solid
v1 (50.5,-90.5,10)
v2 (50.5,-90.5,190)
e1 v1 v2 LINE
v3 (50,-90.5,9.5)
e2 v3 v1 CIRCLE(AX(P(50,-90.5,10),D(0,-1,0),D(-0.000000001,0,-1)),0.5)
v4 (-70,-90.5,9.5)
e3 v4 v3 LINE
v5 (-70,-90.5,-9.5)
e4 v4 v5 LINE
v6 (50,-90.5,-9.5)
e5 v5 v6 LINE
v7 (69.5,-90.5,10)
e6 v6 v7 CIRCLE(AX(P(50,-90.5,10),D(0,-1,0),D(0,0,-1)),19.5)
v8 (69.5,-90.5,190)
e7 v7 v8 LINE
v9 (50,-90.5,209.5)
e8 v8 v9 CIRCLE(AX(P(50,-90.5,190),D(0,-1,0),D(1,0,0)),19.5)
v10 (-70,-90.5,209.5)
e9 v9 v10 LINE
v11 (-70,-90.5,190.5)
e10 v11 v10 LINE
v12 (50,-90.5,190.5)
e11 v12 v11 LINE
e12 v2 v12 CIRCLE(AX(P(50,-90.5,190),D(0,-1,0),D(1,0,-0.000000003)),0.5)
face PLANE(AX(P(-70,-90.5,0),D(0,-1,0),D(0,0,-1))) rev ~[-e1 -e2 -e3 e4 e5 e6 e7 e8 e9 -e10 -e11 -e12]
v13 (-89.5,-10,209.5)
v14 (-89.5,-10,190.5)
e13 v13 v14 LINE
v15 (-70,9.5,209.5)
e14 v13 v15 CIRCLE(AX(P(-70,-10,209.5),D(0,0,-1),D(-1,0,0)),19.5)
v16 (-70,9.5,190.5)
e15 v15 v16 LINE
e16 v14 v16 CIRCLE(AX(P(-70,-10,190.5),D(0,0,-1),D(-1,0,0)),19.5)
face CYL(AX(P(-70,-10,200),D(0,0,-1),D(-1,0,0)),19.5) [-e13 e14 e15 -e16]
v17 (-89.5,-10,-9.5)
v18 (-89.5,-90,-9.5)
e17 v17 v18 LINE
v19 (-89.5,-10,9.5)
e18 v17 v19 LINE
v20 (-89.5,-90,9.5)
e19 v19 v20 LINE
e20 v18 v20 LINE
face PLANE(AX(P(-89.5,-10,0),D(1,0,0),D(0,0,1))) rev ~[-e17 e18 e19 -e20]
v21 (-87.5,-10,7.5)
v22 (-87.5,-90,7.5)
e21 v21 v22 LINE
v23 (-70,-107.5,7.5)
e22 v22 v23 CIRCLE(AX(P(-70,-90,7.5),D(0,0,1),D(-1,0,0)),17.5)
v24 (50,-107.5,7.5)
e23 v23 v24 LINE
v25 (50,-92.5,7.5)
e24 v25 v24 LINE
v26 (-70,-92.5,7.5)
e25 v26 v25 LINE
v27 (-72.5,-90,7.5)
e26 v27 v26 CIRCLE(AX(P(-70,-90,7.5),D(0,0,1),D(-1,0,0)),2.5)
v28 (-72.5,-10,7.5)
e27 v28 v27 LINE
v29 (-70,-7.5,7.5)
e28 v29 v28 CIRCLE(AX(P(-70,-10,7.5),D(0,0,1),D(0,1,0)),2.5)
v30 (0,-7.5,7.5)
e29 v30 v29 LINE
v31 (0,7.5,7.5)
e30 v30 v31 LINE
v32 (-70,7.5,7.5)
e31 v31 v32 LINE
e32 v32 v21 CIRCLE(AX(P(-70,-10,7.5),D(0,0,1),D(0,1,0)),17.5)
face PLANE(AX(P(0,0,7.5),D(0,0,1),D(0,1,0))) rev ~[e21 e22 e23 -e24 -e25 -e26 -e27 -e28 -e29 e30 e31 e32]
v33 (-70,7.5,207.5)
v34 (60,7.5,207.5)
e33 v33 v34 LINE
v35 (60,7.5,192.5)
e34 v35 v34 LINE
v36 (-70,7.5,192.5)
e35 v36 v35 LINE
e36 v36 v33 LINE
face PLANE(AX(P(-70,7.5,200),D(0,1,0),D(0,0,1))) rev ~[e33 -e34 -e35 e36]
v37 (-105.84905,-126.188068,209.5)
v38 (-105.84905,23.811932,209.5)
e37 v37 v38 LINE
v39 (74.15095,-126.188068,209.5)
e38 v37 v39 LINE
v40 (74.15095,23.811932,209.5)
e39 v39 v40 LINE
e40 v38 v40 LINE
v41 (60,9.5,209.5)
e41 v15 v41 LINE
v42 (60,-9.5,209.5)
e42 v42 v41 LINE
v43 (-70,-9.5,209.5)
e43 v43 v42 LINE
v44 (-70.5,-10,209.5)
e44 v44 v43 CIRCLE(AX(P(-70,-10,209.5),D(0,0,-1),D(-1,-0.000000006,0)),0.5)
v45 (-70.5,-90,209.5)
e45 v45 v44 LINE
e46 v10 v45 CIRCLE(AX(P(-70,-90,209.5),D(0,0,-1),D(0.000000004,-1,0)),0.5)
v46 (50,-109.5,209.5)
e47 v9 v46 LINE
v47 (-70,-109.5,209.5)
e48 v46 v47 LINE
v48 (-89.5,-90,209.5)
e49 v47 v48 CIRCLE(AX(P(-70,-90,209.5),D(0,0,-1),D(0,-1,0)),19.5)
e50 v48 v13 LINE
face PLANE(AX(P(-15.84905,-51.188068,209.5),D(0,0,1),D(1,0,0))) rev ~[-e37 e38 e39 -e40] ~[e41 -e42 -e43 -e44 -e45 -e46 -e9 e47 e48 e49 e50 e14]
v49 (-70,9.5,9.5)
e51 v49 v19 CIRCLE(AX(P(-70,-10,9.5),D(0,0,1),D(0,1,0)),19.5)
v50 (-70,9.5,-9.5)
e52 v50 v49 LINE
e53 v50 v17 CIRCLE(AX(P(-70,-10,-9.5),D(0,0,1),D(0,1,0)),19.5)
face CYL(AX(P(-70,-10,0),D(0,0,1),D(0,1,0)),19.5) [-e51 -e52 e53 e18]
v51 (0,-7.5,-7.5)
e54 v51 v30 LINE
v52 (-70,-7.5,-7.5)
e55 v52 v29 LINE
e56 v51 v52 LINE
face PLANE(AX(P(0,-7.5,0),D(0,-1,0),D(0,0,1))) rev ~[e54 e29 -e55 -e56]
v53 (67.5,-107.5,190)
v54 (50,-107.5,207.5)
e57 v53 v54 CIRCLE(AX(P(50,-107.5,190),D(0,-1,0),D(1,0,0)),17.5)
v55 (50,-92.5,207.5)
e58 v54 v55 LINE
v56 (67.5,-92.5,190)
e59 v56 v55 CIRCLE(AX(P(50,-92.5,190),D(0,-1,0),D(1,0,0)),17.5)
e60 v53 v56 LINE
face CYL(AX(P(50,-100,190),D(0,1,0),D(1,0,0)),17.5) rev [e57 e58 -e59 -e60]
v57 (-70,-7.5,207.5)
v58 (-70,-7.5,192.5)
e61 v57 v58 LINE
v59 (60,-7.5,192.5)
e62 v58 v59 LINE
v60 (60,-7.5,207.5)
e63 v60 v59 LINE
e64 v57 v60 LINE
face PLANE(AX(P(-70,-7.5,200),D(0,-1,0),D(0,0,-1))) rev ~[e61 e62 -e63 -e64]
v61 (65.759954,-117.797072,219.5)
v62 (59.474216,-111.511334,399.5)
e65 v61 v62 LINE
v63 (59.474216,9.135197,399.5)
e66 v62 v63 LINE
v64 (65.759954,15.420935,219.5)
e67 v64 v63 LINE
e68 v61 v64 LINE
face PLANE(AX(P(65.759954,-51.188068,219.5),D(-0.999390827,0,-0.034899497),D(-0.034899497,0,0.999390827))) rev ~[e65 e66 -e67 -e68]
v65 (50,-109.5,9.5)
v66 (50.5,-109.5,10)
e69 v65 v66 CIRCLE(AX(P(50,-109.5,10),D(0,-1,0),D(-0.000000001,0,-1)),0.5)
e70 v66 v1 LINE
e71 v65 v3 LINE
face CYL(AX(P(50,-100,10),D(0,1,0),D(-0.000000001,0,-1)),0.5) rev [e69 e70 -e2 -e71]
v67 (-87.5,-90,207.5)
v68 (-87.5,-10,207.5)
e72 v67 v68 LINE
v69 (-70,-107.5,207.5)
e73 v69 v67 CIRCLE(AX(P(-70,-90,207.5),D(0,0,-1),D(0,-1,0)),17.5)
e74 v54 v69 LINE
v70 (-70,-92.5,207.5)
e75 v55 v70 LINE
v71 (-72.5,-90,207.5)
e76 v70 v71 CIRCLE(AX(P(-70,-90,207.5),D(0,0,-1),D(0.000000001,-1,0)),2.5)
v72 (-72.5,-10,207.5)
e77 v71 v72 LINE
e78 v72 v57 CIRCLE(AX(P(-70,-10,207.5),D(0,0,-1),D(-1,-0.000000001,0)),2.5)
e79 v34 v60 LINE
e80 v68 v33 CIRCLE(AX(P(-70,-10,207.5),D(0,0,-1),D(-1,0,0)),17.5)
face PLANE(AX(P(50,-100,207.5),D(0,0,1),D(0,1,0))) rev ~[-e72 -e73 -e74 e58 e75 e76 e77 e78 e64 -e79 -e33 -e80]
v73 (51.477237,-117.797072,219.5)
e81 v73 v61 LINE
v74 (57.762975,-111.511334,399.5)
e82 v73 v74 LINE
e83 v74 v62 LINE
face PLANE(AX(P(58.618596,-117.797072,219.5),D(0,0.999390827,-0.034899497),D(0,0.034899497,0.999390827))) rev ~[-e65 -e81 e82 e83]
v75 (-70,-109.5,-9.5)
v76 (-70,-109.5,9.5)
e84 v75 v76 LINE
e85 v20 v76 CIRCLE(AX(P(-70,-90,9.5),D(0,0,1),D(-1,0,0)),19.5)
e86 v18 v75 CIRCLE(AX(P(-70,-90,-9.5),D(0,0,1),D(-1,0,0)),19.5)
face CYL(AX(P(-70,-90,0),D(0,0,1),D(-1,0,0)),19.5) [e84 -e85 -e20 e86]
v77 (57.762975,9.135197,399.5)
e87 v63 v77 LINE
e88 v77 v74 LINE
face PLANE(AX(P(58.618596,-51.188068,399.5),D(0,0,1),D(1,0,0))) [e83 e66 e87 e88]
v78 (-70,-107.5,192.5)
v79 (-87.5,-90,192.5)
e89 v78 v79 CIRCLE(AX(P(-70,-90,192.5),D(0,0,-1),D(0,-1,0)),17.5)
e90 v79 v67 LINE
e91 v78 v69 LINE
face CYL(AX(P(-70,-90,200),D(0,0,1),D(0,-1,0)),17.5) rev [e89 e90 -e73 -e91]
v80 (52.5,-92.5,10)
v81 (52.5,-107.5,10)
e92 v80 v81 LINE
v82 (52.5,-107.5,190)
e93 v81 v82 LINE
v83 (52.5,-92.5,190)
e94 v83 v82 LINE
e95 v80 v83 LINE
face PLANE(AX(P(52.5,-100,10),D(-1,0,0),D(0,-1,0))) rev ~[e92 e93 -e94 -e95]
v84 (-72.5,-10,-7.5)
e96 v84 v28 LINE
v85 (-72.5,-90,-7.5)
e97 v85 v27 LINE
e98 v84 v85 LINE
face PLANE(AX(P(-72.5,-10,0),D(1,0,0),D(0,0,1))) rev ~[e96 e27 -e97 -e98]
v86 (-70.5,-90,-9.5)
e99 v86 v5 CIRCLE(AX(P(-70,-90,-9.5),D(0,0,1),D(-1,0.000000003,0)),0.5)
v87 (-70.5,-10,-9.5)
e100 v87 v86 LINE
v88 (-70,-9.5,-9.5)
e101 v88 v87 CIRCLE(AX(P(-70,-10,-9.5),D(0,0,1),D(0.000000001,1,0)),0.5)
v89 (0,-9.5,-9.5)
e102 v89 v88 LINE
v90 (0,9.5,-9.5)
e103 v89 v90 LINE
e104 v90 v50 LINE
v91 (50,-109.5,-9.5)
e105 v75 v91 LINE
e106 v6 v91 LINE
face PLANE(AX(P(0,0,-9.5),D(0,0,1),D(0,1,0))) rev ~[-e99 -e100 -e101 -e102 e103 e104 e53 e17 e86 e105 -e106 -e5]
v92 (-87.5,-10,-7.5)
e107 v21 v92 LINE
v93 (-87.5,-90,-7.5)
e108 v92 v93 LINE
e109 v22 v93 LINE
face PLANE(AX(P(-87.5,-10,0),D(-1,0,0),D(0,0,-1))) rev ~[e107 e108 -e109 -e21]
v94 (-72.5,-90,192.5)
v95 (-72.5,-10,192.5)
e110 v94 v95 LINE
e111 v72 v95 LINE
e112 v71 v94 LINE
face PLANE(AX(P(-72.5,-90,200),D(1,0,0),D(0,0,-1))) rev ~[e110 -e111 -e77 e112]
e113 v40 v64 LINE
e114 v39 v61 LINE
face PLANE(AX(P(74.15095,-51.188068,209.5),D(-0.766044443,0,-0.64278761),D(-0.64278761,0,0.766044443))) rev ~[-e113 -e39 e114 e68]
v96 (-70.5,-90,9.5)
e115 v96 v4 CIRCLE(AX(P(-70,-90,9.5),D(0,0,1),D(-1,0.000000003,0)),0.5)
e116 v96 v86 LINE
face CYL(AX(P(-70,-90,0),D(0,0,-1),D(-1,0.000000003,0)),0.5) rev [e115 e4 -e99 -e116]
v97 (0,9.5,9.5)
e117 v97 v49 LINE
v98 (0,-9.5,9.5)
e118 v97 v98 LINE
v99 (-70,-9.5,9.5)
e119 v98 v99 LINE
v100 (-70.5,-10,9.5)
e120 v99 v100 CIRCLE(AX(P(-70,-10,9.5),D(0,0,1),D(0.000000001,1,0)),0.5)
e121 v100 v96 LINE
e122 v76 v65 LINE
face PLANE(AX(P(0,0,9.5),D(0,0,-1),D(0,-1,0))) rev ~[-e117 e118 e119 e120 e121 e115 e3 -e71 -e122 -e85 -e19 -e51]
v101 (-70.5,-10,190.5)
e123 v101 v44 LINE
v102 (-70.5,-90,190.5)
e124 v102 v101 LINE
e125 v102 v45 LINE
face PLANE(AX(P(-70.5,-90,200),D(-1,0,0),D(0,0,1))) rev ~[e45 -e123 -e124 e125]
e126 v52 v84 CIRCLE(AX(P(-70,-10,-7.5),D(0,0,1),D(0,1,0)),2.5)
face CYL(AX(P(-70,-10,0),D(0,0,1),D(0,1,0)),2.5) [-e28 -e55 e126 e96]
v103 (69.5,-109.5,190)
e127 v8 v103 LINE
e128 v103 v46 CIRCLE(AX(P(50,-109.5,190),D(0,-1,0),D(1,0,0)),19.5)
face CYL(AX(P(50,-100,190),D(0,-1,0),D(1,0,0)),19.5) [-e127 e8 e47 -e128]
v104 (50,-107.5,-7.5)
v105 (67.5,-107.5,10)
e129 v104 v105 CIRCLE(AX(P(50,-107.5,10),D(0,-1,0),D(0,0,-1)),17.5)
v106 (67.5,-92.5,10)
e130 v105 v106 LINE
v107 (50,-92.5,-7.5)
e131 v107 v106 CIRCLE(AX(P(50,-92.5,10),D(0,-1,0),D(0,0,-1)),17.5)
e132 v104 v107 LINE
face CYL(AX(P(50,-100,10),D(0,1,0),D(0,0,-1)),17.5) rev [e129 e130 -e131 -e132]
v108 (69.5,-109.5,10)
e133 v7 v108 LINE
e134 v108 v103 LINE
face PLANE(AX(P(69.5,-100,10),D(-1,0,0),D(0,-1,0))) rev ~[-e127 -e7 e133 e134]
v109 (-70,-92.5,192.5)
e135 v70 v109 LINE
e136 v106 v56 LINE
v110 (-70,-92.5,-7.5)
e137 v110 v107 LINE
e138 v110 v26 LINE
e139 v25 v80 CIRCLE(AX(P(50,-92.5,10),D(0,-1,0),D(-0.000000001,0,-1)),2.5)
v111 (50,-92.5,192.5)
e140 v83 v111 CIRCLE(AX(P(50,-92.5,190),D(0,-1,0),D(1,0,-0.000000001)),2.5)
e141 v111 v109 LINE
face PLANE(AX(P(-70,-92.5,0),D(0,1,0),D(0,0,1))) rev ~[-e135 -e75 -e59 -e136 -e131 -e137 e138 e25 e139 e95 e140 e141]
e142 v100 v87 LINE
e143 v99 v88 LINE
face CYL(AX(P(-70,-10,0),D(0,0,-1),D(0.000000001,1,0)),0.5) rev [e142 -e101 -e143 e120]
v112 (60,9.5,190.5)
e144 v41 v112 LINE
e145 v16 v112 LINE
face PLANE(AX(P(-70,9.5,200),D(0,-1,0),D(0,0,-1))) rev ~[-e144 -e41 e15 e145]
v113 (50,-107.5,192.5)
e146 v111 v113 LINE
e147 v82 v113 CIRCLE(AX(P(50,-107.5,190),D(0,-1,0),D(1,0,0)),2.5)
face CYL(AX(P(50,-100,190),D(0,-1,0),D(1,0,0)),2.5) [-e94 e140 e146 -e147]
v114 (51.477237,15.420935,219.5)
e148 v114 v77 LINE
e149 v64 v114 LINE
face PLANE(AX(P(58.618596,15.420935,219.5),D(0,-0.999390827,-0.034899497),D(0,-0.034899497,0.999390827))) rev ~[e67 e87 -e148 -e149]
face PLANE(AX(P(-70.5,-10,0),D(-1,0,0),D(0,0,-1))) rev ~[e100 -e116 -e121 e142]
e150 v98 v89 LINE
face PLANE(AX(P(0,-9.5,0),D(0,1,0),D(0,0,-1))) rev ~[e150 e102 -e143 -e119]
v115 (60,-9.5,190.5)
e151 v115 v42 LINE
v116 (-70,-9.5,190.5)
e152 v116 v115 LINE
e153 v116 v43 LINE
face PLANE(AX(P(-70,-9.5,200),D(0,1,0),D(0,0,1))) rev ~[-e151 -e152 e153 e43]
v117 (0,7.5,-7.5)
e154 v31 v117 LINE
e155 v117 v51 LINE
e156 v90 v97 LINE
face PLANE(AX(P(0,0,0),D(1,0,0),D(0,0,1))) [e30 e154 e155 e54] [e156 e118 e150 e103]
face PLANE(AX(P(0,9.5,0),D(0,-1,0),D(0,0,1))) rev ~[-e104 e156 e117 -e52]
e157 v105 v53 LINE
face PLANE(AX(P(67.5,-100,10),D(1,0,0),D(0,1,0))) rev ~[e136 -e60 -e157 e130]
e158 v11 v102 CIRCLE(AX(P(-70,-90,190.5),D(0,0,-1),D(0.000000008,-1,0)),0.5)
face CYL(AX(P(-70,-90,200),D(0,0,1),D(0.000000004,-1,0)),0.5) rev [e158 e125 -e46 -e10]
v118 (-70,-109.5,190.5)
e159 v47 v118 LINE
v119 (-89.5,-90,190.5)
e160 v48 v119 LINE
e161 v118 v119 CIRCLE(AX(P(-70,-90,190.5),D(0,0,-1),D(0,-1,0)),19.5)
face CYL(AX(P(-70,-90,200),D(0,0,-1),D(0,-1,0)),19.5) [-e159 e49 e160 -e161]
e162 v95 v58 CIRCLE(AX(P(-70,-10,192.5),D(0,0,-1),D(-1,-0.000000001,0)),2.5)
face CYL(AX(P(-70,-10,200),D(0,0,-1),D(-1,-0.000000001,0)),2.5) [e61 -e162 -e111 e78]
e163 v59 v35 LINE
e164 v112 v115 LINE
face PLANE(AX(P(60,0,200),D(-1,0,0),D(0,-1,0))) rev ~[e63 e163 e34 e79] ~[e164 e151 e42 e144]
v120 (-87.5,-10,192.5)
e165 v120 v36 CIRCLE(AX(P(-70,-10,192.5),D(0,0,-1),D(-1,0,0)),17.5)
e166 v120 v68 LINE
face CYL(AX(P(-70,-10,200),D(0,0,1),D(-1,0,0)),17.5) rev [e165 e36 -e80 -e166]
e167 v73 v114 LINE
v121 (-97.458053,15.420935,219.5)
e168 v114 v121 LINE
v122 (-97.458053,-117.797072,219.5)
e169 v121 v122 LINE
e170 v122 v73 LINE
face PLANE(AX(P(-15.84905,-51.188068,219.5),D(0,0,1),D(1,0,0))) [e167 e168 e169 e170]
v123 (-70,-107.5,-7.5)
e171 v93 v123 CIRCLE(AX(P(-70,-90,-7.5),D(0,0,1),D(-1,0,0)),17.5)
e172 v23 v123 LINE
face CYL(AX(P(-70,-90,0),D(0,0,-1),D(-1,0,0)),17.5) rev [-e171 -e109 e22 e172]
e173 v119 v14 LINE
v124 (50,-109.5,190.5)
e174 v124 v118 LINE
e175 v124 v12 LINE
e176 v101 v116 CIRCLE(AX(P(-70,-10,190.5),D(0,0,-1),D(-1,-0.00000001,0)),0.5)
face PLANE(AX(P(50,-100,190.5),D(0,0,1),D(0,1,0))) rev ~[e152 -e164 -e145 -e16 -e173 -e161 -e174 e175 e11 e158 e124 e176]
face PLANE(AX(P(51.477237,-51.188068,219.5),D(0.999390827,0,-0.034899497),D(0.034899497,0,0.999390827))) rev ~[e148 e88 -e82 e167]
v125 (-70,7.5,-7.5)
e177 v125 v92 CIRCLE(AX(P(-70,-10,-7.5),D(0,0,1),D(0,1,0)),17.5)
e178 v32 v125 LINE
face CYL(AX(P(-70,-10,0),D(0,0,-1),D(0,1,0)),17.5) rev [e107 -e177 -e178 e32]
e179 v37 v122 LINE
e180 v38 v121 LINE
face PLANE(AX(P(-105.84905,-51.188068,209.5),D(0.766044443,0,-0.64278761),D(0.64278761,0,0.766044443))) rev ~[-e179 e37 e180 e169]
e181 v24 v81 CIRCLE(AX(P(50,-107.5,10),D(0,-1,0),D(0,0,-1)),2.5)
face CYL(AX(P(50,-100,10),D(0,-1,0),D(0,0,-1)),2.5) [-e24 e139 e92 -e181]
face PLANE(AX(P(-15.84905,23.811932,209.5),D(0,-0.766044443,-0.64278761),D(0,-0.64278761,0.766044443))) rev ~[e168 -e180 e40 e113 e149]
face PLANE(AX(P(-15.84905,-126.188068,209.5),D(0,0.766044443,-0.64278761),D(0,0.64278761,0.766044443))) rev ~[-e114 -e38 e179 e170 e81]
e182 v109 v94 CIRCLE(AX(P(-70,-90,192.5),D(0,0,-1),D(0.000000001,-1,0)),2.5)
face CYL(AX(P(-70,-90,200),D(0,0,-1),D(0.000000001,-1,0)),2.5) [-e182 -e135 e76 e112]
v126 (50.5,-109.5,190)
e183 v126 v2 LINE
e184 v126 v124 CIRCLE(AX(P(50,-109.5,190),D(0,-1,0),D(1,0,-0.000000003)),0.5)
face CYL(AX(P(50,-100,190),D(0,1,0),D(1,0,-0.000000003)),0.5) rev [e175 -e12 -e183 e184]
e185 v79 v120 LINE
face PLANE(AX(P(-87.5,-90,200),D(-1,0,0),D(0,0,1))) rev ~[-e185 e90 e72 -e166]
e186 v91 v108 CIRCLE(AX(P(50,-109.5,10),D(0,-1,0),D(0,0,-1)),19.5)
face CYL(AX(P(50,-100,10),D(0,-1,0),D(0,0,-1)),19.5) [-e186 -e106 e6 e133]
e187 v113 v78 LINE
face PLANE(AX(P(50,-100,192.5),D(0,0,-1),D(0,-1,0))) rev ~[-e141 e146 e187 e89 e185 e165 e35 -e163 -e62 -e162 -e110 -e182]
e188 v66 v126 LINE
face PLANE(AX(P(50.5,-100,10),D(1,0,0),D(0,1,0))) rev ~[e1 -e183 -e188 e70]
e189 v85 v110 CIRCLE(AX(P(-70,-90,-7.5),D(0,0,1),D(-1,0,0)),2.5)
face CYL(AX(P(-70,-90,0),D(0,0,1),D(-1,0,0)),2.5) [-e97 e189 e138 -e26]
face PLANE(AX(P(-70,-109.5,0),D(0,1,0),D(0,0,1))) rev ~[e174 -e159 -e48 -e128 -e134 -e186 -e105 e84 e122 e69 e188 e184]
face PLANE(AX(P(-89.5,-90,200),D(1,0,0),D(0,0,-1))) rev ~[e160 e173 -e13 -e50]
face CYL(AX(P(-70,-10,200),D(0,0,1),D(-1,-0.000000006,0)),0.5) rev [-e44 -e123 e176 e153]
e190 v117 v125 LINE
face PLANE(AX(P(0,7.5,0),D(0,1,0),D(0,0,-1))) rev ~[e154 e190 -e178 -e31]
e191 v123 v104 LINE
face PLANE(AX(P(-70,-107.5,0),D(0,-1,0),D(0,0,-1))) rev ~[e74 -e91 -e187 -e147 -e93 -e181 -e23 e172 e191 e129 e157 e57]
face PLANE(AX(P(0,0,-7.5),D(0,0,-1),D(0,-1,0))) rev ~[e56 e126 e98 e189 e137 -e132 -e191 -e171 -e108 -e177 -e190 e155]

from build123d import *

# Parameters (mm, degrees)
SKETCH2_W           = 19
SKETCH2_H           = 19
SKETCH2_W_2         = 15
SKETCH2_H_2         = 15
SKETCH3_W           = 180
SKETCH3_H           = 150
BOSS_EXTRUDE1_DEPTH = 10
BOSS_EXTRUDE1_TAPER = 40
SKETCH4_W           = 14.282717188
SKETCH4_H           = 133.218007376
BOSS_EXTRUDE2_DEPTH = 180
BOSS_EXTRUDE2_TAPER = 2


with BuildPart() as part:
    # Sweep-Thin1: sweep along a curve in space
    with BuildLine() as sweep_thin1_path:
        Line((0, 0, 0), (-70, 0, 0))
        ThreePointArc((-70, 0, 0), (-77.071067812, -2.928932188, 0), (-80, -10, 0))
        Line((-80, -10, 0), (-80, -90, 0))
        ThreePointArc((-80, -90, 0), (-77.071067812, -97.071067812, 0), (-70, -100, 0))
        Line((-70, -100, 0), (50, -100, 0))
        ThreePointArc((50, -100, 0), (57.071067812, -100, 2.928932188), (60, -100, 10))
        Line((60, -100, 10), (60, -100, 190))
        ThreePointArc((60, -100, 190), (57.071067812, -100, 197.071067812), (50, -100, 200))
        Line((50, -100, 200), (-70, -100, 200))
        ThreePointArc((-70, -100, 200), (-77.071067812, -97.071067812, 200), (-80, -90, 200))
        Line((-80, -90, 200), (-80, -10, 200))
        ThreePointArc((-80, -10, 200), (-77.071067812, -2.928932188, 200), (-70, 0, 200))
        Line((-70, 0, 200), (60, 0, 200))
    # Sketch2 → Sweep-Thin1 (sweep)
    with BuildSketch(Plane(origin=(0, 0, 0), x_dir=(0, 0, -1), z_dir=(1, 0, 0))):
        Rectangle(SKETCH2_W, SKETCH2_H)
        Rectangle(SKETCH2_W_2, SKETCH2_H_2, mode=Mode.SUBTRACT)
    sweep(path=sweep_thin1_path.line)

    # Sketch3 → Boss-Extrude1 (add)
    with BuildSketch(Plane.XY.offset(209.5)):
        with Locations((-15.849049542, -51.188068464)):
            Rectangle(SKETCH3_W, SKETCH3_H)
    extrude(amount=BOSS_EXTRUDE1_DEPTH, taper=BOSS_EXTRUDE1_TAPER)

    # Sketch4 → Boss-Extrude2 (add)
    with BuildSketch(Plane.XY.offset(219.5)):
        with Locations((58.618595553, -51.188068464)):
            Rectangle(SKETCH4_W, SKETCH4_H)
    extrude(amount=BOSS_EXTRUDE2_DEPTH, taper=BOSS_EXTRUDE2_TAPER)


solid = part.part
